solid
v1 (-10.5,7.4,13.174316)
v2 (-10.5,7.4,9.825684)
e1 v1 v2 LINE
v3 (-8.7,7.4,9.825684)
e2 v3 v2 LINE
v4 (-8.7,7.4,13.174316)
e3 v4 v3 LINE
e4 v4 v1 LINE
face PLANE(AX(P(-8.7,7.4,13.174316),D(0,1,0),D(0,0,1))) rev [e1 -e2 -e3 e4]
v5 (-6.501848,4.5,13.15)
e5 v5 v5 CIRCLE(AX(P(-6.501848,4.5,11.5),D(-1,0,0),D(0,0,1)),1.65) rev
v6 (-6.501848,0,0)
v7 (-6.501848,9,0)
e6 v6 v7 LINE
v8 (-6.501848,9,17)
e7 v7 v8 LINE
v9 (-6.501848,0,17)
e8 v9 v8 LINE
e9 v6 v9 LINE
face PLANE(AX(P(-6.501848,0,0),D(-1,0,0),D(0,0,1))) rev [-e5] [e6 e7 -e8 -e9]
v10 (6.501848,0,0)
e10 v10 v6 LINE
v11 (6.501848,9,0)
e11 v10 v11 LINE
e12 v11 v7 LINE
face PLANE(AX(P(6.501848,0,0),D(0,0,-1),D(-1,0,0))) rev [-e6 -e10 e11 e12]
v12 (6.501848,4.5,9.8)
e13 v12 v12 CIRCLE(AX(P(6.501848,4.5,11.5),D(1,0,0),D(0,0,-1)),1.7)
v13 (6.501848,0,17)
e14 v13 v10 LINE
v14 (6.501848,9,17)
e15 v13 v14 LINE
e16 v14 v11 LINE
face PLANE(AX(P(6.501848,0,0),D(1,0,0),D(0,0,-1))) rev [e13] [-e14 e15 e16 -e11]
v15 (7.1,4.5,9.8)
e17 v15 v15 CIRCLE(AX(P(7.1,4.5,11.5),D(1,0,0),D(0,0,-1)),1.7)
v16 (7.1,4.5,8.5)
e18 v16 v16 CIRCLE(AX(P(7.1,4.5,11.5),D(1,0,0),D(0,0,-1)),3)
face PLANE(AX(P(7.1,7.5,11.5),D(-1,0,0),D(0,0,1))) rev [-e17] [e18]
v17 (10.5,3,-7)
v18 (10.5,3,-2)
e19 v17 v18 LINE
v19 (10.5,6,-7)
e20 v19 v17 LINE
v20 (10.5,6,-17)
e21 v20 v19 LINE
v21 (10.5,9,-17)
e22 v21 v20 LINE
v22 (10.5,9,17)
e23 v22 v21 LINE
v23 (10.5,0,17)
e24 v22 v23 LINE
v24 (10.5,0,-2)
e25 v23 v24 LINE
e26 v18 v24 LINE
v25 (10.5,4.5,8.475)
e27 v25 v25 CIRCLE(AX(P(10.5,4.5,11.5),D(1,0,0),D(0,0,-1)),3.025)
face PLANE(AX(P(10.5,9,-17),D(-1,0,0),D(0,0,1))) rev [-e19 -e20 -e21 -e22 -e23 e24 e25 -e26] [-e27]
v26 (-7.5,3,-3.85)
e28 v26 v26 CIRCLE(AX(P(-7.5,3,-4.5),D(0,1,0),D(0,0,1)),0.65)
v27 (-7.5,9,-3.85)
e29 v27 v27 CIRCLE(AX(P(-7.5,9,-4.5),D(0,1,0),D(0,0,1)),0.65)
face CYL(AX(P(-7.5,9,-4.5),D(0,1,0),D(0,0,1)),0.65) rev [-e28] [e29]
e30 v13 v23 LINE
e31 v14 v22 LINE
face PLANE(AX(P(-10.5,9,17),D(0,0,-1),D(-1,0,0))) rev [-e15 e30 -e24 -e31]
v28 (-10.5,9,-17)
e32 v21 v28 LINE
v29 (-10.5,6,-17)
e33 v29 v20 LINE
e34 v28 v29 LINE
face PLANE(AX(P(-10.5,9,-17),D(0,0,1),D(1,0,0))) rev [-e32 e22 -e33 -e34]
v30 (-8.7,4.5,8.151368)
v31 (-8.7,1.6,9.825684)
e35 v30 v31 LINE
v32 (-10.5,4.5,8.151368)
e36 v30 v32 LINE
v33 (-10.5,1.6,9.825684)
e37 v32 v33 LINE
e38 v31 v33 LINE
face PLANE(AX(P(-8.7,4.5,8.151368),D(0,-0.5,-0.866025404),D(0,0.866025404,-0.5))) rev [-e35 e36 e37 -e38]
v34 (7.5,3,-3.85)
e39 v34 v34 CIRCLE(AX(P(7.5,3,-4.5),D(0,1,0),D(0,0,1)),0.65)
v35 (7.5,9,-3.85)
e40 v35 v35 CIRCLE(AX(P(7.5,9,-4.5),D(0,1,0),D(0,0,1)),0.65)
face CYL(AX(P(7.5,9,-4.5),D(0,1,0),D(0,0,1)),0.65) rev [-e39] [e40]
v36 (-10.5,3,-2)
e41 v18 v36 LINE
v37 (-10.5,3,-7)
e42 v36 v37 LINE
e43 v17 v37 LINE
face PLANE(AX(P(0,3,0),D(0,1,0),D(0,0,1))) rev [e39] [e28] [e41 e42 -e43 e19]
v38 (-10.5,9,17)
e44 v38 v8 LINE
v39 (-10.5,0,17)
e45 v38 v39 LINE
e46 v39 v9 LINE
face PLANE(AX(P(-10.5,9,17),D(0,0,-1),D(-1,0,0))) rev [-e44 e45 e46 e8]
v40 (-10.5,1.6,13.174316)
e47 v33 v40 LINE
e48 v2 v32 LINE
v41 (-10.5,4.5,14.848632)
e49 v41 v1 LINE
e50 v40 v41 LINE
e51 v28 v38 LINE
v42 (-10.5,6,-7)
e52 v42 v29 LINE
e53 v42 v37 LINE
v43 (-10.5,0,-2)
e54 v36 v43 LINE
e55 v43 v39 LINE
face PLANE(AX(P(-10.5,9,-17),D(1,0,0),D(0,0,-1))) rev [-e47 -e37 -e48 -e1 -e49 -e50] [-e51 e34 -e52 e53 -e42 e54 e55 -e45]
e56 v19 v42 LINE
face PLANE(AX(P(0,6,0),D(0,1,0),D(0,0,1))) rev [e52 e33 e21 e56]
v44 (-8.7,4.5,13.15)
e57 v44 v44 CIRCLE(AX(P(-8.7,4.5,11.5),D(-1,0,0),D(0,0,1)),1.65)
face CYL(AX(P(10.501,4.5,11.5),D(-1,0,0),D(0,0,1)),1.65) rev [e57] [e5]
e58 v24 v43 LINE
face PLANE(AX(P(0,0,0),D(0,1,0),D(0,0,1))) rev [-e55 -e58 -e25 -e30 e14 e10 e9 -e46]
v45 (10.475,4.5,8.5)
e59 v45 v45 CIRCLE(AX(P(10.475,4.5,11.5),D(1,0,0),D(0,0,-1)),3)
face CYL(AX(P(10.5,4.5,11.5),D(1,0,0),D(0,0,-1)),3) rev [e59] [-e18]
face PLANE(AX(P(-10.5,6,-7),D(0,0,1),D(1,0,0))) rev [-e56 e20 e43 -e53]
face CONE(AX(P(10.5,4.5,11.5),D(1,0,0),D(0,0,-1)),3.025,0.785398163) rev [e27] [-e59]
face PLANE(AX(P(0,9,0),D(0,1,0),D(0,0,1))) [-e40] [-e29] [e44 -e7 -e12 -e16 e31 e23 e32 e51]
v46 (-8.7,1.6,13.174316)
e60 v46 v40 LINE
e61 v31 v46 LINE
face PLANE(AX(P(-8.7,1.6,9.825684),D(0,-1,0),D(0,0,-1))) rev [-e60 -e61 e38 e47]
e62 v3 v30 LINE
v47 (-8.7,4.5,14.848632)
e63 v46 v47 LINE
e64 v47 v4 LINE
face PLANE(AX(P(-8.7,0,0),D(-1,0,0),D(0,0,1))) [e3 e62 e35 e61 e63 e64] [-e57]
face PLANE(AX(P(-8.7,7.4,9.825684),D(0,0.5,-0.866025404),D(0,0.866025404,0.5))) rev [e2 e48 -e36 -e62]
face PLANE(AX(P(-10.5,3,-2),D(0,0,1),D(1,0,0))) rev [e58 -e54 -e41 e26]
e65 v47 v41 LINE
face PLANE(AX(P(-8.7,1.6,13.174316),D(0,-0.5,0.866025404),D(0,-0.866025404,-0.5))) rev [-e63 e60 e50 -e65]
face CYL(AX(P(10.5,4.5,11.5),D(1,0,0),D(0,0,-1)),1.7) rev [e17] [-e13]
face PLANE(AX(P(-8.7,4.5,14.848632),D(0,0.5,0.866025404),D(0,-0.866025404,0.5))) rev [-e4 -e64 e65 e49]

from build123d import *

# Parameters (mm, degrees)
SKETCH_1_W          = 21
SKETCH_1_H          = 34
EXTRUDE_1_DEPTH     = 9
SKETCH_4_W          = 21
SKETCH_4_H          = 10
CUT_EXTRUDE_1_DEPTH = 6
SKETCH_5_W          = 21
SKETCH_5_H          = 15
CUT_EXTRUDE_2_DEPTH = 3
SKETCH_6_W          = 13.003696042
SKETCH_6_H          = 17
CUT_EXTRUDE_3_DEPTH = 22.914607001
CUT_EXTRUDE_4_DEPTH = 1.8
CUT_EXTRUDE_5_REACH = 29.178
SKETCH_11_R         = 1.65
HOLE_WIZARD_1_D     = 1.3


with BuildPart() as part:
    # 草图1 → 凸台-拉伸1 (new body)
    with BuildSketch(Plane(origin=(0, 0, 0), x_dir=(1, 0, 0), z_dir=(0, 1, 0))):
        Rectangle(SKETCH_1_W, SKETCH_1_H)
    extrude(amount=EXTRUDE_1_DEPTH)

    # 草图4 → 切除-拉伸1 (cut)
    with BuildSketch(Plane.XZ):
        with Locations((0, -12)):
            Rectangle(SKETCH_4_W, SKETCH_4_H)
    extrude(amount=-CUT_EXTRUDE_1_DEPTH, mode=Mode.SUBTRACT)

    # 草图5 → 切除-拉伸2 (cut)
    with BuildSketch(Plane.XZ):
        with Locations((0, -9.5)):
            Rectangle(SKETCH_5_W, SKETCH_5_H)
    extrude(amount=-CUT_EXTRUDE_2_DEPTH, mode=Mode.SUBTRACT)

    # 草图6 → 切除-拉伸3 (cut, through all)
    with BuildSketch(Plane(origin=(0, 9, 0), x_dir=(1, 0, 0), z_dir=(0, 1, 0))):
        with Locations((0, -8.5)):
            Rectangle(SKETCH_6_W, SKETCH_6_H)
    extrude(amount=-CUT_EXTRUDE_3_DEPTH, mode=Mode.SUBTRACT)

    # 草图9 → M3 六角圆柱头螺钉的柱形沉头孔1 (revolve, cut)
    with BuildSketch(Plane(origin=(10.5, 4.5, 11.5), x_dir=(0, 0, -1), z_dir=(0, 1, 0))):
        Polygon((0, 0), (0, 3.998151979), (1.7, 3.998151979), (1.7, 3.4), (3, 3.4), (3, 0.025), (3.025, 0), align=None)
    revolve(axis=Axis((16.85, 4.5, 11.5), (-1, 0, 0)), mode=Mode.SUBTRACT)

    # 草图10 → 切除-拉伸4 (cut)
    with BuildSketch(Plane.ZY.offset(10.5)):
        Polygon((13.174315781, 1.6), (14.848631561, 4.5), (13.174315781, 7.4), (9.825684219, 7.4), (8.151368439, 4.5), (9.825684219, 1.6), align=None)
    extrude(amount=-CUT_EXTRUDE_4_DEPTH, mode=Mode.SUBTRACT)

    # 草图11 → 切除-拉伸5 (cut, up to next)
    with BuildSketch(Plane.ZY.offset(8.7), mode=Mode.PRIVATE) as cut_extrude_5_sk1:
        with Locations((11.5, 4.5)):
            Circle(SKETCH_11_R)
    cut_extrude_5_tool1 = extrude(cut_extrude_5_sk1.sketch, amount=-CUT_EXTRUDE_5_REACH, mode=Mode.PRIVATE) & part.part
    add(cut_extrude_5_tool1.solids().sort_by_distance((-8.7, 4.5, 11.5))[0], mode=Mode.SUBTRACT)

    # 孔1 (through all)
    with Locations(Plane(origin=(0, 9, 0), x_dir=(1, 0, 0), z_dir=(0, 1, 0))):
        with Locations((-7.5, 4.5), (7.5, 4.5)):
            Hole(HOLE_WIZARD_1_D / 2)


solid = part.part
